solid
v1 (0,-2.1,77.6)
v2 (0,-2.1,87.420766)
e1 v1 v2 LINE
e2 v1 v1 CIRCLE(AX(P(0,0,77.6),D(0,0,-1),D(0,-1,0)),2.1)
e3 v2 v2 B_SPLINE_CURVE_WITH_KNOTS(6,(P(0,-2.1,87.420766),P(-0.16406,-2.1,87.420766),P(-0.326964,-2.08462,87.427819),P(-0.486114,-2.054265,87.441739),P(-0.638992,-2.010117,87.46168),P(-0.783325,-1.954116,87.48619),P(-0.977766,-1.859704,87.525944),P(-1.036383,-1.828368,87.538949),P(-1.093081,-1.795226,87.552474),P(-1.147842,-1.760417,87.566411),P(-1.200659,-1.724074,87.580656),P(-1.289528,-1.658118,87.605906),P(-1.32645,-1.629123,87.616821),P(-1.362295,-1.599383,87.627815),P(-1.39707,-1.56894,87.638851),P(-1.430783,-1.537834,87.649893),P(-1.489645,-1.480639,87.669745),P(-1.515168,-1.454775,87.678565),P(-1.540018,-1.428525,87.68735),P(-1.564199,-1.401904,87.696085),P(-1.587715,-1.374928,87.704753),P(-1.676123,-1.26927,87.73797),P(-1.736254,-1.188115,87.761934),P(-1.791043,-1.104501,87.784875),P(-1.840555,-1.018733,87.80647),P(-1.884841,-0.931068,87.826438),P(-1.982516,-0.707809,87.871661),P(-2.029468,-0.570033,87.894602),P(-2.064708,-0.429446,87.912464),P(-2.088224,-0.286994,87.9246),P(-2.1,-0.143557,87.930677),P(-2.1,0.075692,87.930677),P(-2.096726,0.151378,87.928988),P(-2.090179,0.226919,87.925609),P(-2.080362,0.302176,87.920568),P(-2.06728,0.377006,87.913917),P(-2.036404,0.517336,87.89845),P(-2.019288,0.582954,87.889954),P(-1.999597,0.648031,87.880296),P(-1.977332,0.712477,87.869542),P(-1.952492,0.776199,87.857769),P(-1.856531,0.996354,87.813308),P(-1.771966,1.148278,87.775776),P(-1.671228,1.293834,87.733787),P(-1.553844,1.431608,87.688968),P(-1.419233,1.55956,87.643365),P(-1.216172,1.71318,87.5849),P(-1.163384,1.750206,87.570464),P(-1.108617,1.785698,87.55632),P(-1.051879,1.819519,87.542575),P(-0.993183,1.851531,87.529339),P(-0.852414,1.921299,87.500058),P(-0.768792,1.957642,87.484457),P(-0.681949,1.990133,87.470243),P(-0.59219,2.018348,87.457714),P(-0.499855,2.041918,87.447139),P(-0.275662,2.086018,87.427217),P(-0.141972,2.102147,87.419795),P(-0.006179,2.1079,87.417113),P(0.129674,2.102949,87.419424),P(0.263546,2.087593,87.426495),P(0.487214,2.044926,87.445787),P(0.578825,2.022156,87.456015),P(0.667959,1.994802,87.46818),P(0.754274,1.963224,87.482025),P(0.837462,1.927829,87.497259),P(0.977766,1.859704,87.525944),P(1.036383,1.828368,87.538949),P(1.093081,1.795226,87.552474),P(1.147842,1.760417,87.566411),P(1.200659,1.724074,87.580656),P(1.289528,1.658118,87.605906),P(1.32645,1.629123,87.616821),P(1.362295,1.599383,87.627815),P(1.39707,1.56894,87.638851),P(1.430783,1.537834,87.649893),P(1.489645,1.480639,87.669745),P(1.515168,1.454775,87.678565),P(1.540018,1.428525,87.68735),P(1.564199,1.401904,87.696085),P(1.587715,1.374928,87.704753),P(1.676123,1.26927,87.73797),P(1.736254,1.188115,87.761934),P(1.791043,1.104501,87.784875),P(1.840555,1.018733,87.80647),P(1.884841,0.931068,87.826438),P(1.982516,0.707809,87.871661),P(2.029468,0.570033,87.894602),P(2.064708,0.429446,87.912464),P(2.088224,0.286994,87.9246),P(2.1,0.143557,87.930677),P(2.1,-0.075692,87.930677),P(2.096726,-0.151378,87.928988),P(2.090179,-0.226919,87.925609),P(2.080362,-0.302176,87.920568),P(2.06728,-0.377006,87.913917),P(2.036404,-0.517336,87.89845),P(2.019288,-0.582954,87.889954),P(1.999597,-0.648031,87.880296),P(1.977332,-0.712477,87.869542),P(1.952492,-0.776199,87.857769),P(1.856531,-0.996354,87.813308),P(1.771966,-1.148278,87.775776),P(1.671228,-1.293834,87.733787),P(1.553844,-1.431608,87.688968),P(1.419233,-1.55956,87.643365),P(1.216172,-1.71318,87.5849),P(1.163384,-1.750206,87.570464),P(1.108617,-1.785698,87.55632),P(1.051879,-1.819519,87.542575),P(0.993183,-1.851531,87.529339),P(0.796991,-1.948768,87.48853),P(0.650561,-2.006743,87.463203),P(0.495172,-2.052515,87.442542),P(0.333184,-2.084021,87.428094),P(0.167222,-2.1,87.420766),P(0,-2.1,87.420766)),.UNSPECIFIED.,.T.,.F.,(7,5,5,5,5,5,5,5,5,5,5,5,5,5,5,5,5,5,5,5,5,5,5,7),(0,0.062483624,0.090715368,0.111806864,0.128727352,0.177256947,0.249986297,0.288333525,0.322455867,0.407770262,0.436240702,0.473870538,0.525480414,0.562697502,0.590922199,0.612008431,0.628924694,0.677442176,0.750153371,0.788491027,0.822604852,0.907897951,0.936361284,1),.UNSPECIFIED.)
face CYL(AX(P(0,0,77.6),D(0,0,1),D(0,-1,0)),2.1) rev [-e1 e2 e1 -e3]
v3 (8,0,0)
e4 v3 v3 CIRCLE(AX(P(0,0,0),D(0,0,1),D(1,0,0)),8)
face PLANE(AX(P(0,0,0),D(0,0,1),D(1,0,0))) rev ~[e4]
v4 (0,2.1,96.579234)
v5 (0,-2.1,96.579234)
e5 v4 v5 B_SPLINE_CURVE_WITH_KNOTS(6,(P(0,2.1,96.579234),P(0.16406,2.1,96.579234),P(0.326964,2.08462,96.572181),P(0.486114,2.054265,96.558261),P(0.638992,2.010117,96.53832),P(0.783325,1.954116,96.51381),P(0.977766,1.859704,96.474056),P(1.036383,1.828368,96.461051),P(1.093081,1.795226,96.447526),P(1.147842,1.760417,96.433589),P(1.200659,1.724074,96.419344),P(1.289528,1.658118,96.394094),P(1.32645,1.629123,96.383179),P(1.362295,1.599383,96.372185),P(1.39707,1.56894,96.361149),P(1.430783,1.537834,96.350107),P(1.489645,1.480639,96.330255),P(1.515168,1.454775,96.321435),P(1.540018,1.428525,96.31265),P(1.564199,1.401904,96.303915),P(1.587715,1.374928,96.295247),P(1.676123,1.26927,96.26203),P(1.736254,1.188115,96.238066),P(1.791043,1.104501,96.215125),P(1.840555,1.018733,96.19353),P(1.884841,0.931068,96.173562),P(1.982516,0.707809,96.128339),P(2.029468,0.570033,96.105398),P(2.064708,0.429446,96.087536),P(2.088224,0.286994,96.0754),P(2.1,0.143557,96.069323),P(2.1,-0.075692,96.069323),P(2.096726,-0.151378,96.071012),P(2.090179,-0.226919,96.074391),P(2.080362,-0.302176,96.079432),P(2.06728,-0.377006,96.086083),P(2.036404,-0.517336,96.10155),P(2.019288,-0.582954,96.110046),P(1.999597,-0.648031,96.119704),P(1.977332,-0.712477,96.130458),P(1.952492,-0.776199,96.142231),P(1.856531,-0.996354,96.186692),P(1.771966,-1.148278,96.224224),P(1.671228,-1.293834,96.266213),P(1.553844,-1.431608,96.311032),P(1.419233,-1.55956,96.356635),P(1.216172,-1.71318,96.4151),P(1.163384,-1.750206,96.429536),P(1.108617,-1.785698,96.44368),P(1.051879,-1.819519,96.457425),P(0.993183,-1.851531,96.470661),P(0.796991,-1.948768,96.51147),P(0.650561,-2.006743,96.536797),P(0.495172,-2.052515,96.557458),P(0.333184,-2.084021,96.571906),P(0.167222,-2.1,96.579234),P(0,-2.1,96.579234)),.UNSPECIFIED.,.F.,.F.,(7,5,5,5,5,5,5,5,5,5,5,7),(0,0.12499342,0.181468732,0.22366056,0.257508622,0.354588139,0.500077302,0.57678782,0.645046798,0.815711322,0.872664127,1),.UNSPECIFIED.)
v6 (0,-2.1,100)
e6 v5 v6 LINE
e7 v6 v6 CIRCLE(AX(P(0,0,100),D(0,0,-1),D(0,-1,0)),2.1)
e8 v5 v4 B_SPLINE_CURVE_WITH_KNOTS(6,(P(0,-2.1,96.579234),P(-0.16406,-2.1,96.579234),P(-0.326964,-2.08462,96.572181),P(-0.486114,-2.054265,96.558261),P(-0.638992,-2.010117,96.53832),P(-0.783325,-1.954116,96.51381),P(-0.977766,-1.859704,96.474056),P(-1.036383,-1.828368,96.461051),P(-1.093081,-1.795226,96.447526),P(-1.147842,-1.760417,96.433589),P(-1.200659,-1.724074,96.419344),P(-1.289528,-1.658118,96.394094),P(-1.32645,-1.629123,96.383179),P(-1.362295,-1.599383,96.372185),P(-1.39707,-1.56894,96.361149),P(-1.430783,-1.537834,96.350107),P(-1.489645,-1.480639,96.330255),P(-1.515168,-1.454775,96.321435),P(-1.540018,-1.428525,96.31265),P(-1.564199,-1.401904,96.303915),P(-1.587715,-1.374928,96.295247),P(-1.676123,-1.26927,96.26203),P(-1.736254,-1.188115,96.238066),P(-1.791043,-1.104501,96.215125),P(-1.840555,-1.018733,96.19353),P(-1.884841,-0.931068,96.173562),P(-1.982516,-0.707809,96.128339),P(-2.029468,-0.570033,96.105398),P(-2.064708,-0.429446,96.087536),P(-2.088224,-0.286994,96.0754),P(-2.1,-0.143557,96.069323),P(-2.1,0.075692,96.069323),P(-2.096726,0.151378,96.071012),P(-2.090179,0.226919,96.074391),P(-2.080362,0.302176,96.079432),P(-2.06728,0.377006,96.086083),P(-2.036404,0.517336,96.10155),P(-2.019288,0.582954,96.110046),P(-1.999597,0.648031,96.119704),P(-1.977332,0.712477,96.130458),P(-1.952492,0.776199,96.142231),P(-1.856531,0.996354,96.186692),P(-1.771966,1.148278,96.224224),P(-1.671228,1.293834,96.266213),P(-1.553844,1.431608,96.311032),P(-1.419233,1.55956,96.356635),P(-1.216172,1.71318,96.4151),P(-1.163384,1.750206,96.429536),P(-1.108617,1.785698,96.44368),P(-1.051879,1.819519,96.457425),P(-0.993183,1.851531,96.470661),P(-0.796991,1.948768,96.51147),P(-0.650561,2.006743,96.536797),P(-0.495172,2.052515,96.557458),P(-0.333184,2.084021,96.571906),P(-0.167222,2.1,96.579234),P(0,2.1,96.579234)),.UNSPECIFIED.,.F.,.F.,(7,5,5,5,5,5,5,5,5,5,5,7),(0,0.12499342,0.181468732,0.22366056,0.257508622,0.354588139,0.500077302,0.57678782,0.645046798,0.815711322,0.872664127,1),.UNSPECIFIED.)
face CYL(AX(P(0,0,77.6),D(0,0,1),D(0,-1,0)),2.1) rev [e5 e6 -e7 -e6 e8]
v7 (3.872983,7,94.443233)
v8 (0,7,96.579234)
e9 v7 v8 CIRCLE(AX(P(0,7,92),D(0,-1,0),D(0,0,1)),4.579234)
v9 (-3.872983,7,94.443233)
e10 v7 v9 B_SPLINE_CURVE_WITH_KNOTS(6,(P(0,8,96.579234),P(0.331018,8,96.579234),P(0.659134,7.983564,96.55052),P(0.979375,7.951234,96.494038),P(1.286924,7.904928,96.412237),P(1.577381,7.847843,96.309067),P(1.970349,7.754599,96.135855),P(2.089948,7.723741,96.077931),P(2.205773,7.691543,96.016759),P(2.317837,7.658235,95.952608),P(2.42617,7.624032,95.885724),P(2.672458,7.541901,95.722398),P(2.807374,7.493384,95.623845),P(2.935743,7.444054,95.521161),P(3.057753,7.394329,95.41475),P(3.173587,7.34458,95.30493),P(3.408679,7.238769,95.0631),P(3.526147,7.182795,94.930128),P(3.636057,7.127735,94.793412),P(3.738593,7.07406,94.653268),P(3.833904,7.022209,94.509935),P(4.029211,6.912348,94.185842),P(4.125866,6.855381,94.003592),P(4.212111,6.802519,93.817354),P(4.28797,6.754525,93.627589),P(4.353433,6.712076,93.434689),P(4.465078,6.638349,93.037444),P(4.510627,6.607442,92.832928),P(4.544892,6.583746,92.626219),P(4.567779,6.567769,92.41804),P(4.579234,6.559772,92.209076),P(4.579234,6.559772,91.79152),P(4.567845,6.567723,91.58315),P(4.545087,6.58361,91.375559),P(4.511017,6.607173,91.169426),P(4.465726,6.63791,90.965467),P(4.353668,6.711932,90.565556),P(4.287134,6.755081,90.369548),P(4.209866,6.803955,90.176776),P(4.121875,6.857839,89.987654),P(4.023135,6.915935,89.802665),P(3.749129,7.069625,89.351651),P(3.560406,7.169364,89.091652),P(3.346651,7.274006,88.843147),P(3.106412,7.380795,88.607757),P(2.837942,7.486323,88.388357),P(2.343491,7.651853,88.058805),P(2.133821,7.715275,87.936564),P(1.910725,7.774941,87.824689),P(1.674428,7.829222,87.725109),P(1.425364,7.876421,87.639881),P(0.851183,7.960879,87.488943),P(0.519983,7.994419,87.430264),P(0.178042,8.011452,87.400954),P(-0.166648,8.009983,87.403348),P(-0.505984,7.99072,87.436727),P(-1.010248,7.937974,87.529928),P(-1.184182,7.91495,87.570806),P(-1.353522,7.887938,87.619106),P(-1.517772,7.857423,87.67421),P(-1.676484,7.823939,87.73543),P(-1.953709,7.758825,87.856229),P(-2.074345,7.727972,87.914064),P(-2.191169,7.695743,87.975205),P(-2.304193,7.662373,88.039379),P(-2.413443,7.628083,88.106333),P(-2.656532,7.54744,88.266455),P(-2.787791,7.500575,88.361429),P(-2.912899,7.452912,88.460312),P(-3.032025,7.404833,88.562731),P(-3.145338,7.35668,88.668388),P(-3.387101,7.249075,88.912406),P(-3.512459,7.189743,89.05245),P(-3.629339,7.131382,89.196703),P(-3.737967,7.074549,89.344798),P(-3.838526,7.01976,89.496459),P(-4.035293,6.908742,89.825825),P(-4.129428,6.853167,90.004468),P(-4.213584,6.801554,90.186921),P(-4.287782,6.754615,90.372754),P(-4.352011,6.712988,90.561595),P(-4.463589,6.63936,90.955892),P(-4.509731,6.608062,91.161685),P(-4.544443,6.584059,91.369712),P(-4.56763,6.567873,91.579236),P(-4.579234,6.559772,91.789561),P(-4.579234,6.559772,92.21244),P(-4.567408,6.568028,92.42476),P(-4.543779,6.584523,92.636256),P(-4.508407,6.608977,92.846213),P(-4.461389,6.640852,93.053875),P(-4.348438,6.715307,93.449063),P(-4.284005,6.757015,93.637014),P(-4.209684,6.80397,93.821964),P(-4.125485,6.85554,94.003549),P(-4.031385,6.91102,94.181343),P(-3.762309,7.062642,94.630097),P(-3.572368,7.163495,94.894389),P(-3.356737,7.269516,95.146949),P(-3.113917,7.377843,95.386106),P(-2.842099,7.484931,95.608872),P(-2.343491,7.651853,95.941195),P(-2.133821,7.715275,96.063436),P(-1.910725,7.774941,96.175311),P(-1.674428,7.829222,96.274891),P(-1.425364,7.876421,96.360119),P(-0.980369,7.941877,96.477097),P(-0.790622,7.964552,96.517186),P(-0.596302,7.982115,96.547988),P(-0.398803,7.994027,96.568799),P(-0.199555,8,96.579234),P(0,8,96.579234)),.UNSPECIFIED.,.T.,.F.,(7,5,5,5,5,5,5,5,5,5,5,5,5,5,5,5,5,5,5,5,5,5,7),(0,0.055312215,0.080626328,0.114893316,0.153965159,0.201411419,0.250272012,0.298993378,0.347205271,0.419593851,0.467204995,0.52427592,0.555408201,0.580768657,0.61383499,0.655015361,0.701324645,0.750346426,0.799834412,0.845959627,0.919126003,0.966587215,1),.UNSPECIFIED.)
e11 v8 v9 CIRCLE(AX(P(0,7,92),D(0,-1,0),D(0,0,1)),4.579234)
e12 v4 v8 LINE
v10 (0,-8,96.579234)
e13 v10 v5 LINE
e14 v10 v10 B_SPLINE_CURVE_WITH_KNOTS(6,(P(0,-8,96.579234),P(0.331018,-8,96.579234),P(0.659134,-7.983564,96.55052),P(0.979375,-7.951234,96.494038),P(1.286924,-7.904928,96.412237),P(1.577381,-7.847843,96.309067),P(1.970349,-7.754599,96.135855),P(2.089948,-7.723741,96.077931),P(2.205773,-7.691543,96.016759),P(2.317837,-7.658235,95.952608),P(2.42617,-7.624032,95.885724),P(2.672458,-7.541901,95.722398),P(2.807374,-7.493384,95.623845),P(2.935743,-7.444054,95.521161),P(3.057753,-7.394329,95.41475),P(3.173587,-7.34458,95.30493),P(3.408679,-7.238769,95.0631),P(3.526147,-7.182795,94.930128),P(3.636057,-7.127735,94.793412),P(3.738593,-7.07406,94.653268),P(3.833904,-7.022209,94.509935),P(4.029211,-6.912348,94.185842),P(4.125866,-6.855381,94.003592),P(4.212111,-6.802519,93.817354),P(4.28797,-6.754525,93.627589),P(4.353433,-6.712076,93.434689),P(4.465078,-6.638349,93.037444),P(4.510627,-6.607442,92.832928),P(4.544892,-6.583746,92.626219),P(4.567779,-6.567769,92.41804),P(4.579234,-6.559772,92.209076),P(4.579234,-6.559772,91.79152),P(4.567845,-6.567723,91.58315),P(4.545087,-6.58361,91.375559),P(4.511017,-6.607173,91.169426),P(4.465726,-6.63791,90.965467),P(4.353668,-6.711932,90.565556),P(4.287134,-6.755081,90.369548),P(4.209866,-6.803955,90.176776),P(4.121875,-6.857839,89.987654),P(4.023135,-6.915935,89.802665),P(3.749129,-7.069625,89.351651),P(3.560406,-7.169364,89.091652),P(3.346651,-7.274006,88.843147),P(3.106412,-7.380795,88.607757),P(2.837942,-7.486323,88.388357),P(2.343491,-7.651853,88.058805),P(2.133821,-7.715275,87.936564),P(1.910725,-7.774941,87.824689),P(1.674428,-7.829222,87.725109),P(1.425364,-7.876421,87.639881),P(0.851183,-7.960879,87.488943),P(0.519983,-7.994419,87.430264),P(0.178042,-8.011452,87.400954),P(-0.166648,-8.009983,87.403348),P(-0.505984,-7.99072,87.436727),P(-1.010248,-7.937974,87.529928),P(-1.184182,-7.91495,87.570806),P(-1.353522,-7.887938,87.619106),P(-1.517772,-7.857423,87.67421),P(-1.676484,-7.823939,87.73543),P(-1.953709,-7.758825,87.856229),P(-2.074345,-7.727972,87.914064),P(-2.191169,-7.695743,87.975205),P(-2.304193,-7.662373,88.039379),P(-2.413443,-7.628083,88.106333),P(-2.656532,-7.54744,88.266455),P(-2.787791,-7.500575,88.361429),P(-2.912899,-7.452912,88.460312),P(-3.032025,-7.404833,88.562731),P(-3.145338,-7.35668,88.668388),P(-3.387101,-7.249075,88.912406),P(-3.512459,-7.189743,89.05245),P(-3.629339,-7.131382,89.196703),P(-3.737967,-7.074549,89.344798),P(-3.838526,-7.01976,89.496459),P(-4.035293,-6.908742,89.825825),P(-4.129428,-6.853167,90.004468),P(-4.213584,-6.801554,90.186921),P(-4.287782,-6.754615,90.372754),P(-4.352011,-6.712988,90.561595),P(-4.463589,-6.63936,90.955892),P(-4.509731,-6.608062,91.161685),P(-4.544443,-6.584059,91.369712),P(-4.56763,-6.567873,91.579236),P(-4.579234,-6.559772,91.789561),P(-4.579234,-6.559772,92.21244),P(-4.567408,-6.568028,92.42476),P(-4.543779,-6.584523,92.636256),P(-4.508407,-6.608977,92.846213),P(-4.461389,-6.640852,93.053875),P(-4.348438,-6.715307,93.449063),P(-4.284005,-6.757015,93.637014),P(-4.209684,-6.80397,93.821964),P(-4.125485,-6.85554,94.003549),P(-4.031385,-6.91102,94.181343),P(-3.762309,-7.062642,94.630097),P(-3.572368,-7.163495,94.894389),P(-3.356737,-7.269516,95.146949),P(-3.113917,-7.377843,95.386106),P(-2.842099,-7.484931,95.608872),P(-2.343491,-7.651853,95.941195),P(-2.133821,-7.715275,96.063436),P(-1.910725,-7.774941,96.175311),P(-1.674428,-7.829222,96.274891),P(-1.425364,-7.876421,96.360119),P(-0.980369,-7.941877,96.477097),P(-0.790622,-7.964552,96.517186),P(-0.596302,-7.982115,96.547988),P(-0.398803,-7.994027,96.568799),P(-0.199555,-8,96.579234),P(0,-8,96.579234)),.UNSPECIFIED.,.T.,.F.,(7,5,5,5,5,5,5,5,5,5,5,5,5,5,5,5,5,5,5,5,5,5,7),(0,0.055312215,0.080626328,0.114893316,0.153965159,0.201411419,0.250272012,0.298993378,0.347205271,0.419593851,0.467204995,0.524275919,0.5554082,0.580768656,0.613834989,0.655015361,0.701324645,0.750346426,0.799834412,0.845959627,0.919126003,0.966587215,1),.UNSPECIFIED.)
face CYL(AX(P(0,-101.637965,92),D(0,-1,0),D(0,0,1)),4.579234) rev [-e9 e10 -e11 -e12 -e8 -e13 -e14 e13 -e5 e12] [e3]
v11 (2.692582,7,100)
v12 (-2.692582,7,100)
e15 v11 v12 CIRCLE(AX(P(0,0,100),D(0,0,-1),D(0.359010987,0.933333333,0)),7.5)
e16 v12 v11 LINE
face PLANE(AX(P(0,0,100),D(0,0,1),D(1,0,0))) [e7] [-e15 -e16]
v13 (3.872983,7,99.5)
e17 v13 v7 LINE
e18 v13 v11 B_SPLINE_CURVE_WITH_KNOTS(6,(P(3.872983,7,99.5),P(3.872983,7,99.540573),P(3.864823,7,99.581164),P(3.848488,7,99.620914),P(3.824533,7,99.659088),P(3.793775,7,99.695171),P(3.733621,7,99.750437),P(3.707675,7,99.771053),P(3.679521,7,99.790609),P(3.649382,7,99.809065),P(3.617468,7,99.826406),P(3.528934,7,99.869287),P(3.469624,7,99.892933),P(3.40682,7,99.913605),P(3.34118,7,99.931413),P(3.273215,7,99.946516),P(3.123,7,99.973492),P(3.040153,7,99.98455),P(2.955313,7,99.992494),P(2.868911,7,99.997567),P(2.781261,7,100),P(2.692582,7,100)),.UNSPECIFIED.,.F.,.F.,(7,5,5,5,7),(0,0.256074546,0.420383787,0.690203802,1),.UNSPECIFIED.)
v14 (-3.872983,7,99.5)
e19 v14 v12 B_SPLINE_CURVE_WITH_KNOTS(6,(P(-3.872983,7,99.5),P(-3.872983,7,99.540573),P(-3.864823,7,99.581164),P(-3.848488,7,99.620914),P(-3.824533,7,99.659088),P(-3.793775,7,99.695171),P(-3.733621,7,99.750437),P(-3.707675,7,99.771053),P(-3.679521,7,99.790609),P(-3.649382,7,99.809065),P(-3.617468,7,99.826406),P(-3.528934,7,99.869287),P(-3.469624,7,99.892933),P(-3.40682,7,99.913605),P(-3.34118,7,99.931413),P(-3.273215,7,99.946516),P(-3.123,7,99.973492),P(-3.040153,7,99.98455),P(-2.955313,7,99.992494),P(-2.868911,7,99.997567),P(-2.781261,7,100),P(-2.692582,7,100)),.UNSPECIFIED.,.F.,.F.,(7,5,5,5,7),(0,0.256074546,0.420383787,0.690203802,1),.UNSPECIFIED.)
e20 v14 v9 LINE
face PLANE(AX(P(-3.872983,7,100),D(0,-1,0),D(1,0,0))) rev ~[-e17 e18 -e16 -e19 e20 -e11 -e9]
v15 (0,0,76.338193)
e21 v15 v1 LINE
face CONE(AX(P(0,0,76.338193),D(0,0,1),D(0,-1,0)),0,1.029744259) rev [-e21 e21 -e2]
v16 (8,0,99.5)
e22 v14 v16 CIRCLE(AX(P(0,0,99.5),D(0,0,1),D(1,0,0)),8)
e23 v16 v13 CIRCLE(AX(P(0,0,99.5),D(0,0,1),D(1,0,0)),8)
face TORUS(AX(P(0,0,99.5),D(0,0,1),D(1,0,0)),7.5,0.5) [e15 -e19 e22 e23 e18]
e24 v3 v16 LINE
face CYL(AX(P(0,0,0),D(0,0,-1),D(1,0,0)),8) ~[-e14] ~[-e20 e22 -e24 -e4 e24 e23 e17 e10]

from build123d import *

# Parameters (mm, degrees)
IZIM1_R                     = 8
Y_KSEKLIK_EKSTR_ZYON1_DEPTH = 100
RADYUS1_R                   = 0.5
IZIM4_W                     = 7.745966692
IZIM4_H                     = 1
KES_EKSTR_ZYON2_DEPTH       = 8
CORTAR_EXTRUIR1_DEPTH       = 101.637965119
CORTAR_EXTRUIR1_DEPTH_BACK  = 101.637965119
CROQUIS1_R                  = 4.579234369


with BuildPart() as part:
    # Çizim1 → Yükseklik-Ekstrüzyon1 (new body)
    with BuildSketch(Plane.XY):
        Circle(IZIM1_R)
    extrude(amount=Y_KSEKLIK_EKSTR_ZYON1_DEPTH)

    # Radyus1
    radyus1_edges = [part.edges().sort_by_distance(p)[0] for p in [
        (-8, 0, 100),
    ]]
    fillet(radyus1_edges, radius=RADYUS1_R)

    # Çizim3 → M5x0.8 Tapped Hole1 (revolve, cut)
    with BuildSketch(Plane(origin=(0, 0, 100), x_dir=(0, -1, 0), z_dir=(1, 0, 0))):
        Polygon((0, 0), (0, 23.6618073), (2.1, 22.4), (2.1, 0), align=None)
    revolve(axis=Axis((0, 0, 106.35), (0, 0, -1)), mode=Mode.SUBTRACT)

    # Çizim4 → Kes-Ekstrüzyon2 (cut)
    with BuildSketch(Plane.XY.offset(100)):
        with Locations((0, 7.5)):
            Rectangle(IZIM4_W, IZIM4_H)
    extrude(amount=-KES_EKSTR_ZYON2_DEPTH, mode=Mode.SUBTRACT)

    # Croquis1 → Cortar-Extruir1 (cut, two sides: drawn at the far end of the back side and taken through both)
    with BuildSketch(Plane(origin=(0, 0, 0), x_dir=(1, 0, 0), z_dir=(0, 1, 0)).offset(-CORTAR_EXTRUIR1_DEPTH_BACK)):
        with Locations(Location((0, -92, 0), (0, 0, 270))):
            Circle(CROQUIS1_R)
    extrude(amount=CORTAR_EXTRUIR1_DEPTH + CORTAR_EXTRUIR1_DEPTH_BACK, mode=Mode.SUBTRACT)


solid = part.part
